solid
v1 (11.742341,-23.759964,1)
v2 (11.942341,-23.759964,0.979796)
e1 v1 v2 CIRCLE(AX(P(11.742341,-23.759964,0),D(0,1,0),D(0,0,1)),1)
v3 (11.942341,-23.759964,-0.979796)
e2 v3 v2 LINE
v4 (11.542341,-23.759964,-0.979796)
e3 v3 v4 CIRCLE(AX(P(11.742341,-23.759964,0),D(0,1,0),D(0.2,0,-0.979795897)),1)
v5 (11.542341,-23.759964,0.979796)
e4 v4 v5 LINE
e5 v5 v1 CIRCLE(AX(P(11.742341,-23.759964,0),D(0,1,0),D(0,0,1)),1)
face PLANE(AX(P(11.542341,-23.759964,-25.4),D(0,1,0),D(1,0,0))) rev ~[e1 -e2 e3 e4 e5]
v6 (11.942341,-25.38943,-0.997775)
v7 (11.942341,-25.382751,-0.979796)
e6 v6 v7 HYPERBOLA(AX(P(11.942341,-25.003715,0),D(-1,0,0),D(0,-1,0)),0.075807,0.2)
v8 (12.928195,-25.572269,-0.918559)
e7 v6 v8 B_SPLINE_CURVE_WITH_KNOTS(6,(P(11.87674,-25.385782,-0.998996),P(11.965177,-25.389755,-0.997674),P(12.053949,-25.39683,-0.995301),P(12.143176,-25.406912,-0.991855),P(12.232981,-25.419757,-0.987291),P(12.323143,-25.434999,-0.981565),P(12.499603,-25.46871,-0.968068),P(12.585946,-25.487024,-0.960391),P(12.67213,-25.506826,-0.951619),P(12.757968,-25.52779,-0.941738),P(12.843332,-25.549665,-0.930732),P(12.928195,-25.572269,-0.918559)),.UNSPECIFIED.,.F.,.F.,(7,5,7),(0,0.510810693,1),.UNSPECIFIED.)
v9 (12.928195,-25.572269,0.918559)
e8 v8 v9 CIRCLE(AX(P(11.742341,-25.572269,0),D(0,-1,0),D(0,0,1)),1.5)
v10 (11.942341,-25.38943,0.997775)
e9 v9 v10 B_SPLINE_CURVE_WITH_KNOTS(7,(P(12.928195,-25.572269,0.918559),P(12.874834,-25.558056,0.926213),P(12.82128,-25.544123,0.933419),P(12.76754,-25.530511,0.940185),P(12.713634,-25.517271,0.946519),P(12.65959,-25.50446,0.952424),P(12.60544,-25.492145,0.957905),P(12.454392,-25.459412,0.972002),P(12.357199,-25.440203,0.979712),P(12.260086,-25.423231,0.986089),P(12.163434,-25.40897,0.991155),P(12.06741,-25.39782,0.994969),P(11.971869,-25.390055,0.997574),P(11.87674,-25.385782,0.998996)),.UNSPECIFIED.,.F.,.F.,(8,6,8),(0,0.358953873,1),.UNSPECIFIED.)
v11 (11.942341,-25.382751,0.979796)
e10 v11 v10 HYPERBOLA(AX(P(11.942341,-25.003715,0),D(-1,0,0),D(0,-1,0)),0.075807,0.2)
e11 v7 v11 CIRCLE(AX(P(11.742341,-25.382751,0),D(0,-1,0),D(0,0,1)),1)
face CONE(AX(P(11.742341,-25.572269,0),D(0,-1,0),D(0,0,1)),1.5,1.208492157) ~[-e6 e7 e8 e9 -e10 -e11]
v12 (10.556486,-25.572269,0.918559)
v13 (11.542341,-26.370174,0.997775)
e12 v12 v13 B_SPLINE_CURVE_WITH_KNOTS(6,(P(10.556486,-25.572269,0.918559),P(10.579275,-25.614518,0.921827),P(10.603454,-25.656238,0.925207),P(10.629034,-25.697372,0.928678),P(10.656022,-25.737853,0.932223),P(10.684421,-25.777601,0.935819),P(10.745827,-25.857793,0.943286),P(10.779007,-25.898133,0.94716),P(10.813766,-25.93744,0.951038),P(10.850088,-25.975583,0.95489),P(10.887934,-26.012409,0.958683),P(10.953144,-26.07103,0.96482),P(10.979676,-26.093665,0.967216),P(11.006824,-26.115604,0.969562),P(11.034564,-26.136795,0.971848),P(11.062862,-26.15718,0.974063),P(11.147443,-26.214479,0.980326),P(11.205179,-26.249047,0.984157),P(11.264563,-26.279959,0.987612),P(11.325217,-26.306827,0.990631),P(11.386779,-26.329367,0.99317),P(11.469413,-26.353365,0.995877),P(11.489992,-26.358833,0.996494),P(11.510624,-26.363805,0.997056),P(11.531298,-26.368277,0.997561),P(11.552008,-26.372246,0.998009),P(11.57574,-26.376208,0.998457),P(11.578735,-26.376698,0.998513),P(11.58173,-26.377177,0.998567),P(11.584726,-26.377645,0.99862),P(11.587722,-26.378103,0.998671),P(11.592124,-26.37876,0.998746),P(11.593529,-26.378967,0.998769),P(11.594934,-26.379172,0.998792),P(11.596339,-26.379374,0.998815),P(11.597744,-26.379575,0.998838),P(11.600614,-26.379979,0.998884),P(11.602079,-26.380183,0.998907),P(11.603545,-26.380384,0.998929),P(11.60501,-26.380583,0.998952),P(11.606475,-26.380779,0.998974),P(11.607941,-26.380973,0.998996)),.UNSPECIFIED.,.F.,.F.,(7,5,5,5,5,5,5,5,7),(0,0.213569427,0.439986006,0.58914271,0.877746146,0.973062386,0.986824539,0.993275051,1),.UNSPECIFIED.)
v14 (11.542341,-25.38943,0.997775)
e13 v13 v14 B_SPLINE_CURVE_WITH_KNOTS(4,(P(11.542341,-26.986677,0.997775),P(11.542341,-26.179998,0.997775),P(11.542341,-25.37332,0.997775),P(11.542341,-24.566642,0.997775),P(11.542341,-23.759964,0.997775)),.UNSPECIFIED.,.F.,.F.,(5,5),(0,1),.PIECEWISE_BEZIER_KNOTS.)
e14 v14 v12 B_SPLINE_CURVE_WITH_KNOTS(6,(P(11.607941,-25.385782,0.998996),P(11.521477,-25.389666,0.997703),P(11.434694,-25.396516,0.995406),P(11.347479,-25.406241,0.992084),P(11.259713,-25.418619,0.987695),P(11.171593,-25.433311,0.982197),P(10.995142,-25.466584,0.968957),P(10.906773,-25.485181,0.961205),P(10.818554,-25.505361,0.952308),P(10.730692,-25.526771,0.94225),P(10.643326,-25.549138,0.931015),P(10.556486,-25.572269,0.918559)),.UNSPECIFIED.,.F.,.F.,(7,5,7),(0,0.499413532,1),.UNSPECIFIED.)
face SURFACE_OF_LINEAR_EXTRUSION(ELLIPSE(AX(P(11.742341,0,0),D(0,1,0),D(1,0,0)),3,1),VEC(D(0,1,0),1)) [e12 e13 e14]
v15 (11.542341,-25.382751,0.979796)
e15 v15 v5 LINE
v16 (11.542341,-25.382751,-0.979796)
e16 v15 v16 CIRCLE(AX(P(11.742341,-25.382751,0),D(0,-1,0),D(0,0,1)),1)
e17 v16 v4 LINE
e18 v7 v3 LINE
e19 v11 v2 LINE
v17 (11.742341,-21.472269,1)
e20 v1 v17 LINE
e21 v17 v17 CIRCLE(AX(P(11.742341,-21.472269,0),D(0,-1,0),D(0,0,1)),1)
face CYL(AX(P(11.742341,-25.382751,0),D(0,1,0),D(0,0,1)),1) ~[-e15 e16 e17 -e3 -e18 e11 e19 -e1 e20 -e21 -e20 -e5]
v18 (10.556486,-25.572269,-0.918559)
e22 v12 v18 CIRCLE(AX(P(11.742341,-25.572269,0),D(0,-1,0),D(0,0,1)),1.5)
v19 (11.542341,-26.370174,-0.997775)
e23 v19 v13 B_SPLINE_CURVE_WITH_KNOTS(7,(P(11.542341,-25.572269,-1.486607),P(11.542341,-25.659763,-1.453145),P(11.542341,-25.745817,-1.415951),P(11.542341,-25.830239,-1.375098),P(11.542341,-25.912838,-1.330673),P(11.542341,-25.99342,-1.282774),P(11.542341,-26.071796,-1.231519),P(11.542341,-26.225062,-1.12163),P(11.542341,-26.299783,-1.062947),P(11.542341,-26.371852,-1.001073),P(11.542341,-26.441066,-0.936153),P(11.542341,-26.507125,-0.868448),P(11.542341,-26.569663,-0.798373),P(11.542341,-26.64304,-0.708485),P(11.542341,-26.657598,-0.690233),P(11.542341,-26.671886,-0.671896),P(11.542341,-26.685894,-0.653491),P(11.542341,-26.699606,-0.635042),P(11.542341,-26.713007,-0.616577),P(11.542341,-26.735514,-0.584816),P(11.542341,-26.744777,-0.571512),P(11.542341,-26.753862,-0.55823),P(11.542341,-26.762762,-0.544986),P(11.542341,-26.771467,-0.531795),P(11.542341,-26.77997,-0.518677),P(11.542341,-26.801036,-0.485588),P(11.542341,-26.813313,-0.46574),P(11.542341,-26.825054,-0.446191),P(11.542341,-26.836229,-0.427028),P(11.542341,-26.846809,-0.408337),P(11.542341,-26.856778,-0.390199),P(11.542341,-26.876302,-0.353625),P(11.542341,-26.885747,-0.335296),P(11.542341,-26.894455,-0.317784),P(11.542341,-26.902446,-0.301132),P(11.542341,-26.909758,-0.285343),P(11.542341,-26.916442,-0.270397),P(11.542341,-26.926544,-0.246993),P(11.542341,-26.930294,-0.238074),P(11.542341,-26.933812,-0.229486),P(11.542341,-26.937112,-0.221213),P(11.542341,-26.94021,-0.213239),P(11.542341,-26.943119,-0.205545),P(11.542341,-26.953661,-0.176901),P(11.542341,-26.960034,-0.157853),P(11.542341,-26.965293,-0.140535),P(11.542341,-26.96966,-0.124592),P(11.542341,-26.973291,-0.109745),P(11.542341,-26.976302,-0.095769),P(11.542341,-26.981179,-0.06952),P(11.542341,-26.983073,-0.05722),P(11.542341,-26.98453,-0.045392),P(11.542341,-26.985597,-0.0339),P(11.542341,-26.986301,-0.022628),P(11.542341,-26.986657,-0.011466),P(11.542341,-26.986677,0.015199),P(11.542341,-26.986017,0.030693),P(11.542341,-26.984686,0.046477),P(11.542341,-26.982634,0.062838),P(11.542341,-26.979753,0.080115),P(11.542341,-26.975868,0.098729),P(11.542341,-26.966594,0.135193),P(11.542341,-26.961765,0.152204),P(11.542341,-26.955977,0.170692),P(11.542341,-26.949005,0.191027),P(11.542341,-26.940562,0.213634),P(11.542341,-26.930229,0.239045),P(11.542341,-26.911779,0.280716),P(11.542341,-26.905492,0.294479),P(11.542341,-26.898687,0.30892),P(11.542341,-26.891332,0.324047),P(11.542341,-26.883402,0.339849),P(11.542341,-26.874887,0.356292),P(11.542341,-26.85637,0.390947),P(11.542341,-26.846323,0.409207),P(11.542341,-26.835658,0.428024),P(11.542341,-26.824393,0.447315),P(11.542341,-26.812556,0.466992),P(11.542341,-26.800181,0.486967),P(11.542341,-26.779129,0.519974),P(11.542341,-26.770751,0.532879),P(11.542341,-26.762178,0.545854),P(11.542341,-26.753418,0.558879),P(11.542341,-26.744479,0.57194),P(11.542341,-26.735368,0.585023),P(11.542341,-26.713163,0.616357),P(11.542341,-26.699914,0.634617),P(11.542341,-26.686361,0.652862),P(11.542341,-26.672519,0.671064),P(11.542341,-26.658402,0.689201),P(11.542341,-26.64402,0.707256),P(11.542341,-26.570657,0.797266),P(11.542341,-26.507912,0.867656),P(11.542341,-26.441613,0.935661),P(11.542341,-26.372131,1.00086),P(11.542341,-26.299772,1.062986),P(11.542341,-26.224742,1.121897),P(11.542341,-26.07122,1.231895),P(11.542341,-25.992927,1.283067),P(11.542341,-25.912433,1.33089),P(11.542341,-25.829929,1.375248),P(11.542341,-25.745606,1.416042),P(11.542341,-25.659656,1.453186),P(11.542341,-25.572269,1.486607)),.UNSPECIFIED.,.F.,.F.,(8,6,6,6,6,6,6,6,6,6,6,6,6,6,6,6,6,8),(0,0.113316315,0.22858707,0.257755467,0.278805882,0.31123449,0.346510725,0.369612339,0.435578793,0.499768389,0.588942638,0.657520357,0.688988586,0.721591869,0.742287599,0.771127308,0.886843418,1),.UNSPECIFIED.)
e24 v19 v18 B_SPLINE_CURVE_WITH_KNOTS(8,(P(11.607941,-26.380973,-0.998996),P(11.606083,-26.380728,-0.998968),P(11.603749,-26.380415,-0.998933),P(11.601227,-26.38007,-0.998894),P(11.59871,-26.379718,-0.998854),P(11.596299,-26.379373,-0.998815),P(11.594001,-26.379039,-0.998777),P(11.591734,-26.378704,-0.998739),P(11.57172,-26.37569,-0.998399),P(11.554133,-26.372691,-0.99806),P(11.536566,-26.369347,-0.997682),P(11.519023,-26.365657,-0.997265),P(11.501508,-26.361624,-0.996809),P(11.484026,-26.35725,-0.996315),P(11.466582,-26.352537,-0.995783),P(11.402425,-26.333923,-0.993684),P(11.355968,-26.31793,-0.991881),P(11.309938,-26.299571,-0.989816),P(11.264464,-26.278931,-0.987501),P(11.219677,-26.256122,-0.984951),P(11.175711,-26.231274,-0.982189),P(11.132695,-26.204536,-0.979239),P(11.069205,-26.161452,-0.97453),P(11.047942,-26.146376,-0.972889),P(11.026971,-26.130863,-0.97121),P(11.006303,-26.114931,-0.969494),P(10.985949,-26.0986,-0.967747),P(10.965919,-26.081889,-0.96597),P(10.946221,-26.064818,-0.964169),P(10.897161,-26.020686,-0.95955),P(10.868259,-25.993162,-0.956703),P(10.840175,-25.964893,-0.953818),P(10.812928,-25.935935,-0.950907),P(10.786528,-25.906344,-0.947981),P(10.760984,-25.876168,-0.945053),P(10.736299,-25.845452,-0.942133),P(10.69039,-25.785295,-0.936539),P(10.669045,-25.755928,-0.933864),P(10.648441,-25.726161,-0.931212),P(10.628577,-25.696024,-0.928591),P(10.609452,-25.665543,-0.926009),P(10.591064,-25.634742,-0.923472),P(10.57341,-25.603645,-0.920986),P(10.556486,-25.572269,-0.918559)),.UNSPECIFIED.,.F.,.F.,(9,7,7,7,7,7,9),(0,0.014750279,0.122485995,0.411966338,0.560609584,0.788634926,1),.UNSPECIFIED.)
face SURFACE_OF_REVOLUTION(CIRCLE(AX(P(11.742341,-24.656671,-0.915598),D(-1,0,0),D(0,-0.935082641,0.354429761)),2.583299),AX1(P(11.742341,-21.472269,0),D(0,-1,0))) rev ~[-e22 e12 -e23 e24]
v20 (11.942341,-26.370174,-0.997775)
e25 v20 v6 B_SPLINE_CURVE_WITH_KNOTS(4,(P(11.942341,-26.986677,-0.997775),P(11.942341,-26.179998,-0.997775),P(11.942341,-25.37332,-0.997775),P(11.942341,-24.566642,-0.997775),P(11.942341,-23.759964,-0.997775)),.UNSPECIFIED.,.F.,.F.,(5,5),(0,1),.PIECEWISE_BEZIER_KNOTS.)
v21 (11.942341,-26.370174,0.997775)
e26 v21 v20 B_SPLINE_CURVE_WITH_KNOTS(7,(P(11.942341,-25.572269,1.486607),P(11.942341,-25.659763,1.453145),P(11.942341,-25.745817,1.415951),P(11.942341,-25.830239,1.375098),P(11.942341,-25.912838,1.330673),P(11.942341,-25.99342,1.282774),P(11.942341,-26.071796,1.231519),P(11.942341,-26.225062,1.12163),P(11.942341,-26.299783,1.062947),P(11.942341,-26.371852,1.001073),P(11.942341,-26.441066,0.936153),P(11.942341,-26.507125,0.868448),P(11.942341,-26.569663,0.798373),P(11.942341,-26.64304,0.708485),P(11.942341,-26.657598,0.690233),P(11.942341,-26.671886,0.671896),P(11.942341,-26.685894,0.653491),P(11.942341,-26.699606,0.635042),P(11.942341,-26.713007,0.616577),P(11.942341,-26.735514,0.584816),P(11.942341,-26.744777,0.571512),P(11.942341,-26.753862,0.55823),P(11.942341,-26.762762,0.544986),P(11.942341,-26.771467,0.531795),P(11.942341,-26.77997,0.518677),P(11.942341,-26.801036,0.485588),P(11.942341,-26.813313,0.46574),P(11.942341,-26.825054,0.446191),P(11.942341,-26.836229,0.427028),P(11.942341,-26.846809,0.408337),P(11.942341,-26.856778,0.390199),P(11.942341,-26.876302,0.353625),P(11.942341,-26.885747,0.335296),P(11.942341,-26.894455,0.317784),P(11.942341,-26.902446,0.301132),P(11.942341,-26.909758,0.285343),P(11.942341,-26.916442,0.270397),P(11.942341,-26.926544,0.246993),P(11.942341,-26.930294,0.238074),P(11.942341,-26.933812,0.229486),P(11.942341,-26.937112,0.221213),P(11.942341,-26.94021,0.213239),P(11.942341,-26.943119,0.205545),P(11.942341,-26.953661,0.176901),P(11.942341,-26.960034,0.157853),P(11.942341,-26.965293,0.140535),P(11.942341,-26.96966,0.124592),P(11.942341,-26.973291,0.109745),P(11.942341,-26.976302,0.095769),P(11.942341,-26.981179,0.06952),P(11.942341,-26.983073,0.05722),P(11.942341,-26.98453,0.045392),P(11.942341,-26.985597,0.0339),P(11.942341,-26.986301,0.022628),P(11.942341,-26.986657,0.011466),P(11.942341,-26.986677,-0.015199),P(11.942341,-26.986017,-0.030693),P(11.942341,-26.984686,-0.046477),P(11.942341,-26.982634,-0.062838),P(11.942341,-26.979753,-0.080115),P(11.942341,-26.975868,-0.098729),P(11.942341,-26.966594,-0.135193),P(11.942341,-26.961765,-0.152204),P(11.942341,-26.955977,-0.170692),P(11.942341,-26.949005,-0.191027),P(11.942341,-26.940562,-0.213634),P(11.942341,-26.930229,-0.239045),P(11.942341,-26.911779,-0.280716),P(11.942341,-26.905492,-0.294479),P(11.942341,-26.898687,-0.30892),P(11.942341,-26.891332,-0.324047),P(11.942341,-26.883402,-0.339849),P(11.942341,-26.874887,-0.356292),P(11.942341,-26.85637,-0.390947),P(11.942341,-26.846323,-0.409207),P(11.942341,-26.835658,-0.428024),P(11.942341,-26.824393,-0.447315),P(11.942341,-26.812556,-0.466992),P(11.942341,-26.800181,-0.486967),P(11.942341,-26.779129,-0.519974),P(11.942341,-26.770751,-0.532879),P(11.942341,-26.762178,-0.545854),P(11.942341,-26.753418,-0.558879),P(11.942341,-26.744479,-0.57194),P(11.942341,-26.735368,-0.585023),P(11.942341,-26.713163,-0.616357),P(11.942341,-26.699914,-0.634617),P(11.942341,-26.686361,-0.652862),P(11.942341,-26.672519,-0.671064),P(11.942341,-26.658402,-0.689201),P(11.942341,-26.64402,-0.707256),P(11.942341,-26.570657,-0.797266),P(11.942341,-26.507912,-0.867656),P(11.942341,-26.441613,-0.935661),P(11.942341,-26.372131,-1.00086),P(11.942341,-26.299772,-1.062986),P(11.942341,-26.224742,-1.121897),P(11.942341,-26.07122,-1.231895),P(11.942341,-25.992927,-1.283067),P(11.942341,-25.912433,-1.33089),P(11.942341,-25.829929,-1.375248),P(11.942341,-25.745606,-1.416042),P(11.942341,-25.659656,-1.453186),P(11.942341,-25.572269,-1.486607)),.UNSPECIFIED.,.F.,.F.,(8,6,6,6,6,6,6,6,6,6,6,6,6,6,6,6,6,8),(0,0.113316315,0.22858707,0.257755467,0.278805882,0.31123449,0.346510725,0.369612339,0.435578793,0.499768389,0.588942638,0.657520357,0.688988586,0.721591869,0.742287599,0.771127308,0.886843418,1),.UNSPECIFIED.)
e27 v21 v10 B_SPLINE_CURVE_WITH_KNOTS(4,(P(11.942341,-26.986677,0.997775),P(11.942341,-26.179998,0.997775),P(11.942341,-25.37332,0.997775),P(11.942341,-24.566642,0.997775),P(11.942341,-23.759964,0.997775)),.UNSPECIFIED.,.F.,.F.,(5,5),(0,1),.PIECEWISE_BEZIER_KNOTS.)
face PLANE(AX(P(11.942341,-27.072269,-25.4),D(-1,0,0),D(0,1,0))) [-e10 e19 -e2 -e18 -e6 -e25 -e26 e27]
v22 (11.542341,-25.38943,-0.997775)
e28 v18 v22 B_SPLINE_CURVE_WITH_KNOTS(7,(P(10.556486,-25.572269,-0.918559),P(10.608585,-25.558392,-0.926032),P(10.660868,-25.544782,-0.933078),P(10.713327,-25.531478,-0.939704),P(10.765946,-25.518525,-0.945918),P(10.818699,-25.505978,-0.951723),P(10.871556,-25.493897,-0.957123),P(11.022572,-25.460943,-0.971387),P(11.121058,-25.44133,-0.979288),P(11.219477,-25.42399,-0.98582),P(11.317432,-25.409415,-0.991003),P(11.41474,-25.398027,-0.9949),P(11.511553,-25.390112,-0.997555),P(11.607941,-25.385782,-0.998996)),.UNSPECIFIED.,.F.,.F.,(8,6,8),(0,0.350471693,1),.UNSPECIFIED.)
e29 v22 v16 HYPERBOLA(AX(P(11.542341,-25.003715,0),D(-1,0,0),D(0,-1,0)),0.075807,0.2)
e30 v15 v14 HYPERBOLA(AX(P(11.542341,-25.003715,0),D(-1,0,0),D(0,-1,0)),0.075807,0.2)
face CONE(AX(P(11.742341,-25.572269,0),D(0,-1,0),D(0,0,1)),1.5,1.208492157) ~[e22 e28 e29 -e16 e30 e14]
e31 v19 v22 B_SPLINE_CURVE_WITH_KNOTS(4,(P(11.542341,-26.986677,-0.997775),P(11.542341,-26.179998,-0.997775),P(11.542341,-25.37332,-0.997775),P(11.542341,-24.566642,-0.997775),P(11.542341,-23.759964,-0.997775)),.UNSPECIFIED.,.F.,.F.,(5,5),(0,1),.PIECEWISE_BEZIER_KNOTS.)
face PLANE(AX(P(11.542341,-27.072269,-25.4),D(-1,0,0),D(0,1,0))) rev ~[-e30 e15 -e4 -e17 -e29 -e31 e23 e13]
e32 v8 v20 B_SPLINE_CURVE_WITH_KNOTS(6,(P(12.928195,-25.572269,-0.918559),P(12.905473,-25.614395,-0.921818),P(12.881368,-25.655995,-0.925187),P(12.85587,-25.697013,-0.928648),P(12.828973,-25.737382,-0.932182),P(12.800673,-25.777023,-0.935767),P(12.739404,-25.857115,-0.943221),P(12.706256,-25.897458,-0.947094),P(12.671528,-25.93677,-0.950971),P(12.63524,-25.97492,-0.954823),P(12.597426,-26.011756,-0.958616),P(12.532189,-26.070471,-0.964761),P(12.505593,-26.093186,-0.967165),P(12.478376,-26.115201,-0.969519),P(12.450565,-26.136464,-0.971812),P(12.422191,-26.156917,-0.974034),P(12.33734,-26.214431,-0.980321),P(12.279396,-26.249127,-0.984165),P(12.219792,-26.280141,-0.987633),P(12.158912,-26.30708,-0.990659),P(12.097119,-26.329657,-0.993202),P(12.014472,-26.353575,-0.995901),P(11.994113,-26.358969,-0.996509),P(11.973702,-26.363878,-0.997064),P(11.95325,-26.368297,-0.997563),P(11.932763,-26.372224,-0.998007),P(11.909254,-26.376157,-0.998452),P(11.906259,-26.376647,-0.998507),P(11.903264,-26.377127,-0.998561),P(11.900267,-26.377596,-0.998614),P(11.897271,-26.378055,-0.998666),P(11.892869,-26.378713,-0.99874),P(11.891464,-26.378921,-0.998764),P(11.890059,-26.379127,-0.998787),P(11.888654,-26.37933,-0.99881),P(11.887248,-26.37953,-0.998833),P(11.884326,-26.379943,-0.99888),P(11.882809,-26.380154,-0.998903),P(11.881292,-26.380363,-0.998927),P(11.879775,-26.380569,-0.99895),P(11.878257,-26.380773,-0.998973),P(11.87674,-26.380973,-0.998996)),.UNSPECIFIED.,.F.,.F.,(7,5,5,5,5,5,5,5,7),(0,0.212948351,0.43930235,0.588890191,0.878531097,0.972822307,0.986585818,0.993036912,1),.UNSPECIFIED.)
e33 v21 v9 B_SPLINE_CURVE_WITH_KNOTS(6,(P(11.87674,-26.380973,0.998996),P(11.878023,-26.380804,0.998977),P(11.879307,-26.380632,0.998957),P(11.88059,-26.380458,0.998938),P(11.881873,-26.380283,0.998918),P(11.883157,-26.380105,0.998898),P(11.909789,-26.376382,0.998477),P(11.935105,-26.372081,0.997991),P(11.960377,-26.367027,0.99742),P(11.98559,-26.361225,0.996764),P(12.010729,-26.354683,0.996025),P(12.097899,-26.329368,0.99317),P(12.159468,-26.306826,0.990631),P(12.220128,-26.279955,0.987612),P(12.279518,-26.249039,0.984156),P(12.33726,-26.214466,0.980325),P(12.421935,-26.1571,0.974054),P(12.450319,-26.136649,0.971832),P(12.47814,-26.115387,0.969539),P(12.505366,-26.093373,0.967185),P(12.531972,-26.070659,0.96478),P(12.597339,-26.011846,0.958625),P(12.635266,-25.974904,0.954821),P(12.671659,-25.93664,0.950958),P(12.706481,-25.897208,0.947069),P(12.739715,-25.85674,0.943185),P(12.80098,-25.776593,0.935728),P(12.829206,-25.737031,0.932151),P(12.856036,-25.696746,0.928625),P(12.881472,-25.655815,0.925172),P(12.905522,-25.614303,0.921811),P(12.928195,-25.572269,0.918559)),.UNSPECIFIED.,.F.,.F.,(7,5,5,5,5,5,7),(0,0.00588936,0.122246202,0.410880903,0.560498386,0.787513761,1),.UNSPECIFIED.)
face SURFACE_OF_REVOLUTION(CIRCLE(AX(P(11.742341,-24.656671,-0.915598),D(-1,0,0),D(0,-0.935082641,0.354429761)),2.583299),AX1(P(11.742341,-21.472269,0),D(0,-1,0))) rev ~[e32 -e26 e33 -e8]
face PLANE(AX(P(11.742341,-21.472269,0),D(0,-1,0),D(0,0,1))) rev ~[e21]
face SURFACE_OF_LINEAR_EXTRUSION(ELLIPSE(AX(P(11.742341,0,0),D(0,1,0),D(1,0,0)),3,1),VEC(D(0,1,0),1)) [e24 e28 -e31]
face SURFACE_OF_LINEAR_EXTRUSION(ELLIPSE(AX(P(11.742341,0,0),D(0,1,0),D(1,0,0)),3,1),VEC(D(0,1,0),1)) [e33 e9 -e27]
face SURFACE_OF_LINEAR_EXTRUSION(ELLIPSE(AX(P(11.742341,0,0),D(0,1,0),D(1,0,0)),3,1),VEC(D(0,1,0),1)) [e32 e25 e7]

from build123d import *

# Parameters (mm, degrees)
CUT_EXTRUDE1_DEPTH      = 25.4
CUT_EXTRUDE1_DEPTH_BACK = 25.4
SKETCH2_W               = 0.4
SKETCH2_H               = 3.312305011
SKETCH3_RX              = 25.4
SKETCH3_RY              = 25.4
SKETCH3_RX_2            = 3
SKETCH3_RY_2            = 1
CUT_EXTRUDE2_DEPTH      = 50.8


with BuildPart() as part:
    # Sketch1 → Revolve1 (revolve)
    with BuildSketch(Plane.XY):
        with BuildLine():
            Line((11.742340523, -25.572268789), (11.742340523, -27.072268789))
            ThreePointArc((11.742340523, -27.072268789), (12.653410715, -26.483338981), (13.242340523, -25.572268789))
            Line((13.242340523, -25.572268789), (12.742340523, -25.382750908))
            Line((12.742340523, -25.382750908), (12.742340523, -21.472268789))
            Line((12.742340523, -21.472268789), (11.742340523, -21.472268789))
            Line((11.742340523, -21.472268789), (11.742340523, -25.572268789))
        make_face()
    revolve(axis=Axis((11.742340523, -21.472268789, 0), (0, -1, 0)))

    # Sketch2 → Cut-Extrude1 (cut, two sides: drawn at the far end of the back side and taken through both)
    with BuildSketch(Plane.XY.offset(-CUT_EXTRUDE1_DEPTH_BACK)):
        with Locations((11.742340523, -25.416116284)):
            Rectangle(SKETCH2_W, SKETCH2_H)
    extrude(amount=CUT_EXTRUDE1_DEPTH + CUT_EXTRUDE1_DEPTH_BACK, mode=Mode.SUBTRACT)

    # Sketch3 → Cut-Extrude2 (cut)
    with BuildSketch(Plane(origin=(0, 0, 0), x_dir=(1, 0, 0), z_dir=(0, 1, 0))):
        with Locations((11.742340523, 0)):
            Ellipse(SKETCH3_RX, SKETCH3_RY)
        with Locations((11.742340523, 0)):
            Ellipse(SKETCH3_RX_2, SKETCH3_RY_2, mode=Mode.SUBTRACT)
    extrude(amount=-CUT_EXTRUDE2_DEPTH, mode=Mode.SUBTRACT)


solid = part.part
